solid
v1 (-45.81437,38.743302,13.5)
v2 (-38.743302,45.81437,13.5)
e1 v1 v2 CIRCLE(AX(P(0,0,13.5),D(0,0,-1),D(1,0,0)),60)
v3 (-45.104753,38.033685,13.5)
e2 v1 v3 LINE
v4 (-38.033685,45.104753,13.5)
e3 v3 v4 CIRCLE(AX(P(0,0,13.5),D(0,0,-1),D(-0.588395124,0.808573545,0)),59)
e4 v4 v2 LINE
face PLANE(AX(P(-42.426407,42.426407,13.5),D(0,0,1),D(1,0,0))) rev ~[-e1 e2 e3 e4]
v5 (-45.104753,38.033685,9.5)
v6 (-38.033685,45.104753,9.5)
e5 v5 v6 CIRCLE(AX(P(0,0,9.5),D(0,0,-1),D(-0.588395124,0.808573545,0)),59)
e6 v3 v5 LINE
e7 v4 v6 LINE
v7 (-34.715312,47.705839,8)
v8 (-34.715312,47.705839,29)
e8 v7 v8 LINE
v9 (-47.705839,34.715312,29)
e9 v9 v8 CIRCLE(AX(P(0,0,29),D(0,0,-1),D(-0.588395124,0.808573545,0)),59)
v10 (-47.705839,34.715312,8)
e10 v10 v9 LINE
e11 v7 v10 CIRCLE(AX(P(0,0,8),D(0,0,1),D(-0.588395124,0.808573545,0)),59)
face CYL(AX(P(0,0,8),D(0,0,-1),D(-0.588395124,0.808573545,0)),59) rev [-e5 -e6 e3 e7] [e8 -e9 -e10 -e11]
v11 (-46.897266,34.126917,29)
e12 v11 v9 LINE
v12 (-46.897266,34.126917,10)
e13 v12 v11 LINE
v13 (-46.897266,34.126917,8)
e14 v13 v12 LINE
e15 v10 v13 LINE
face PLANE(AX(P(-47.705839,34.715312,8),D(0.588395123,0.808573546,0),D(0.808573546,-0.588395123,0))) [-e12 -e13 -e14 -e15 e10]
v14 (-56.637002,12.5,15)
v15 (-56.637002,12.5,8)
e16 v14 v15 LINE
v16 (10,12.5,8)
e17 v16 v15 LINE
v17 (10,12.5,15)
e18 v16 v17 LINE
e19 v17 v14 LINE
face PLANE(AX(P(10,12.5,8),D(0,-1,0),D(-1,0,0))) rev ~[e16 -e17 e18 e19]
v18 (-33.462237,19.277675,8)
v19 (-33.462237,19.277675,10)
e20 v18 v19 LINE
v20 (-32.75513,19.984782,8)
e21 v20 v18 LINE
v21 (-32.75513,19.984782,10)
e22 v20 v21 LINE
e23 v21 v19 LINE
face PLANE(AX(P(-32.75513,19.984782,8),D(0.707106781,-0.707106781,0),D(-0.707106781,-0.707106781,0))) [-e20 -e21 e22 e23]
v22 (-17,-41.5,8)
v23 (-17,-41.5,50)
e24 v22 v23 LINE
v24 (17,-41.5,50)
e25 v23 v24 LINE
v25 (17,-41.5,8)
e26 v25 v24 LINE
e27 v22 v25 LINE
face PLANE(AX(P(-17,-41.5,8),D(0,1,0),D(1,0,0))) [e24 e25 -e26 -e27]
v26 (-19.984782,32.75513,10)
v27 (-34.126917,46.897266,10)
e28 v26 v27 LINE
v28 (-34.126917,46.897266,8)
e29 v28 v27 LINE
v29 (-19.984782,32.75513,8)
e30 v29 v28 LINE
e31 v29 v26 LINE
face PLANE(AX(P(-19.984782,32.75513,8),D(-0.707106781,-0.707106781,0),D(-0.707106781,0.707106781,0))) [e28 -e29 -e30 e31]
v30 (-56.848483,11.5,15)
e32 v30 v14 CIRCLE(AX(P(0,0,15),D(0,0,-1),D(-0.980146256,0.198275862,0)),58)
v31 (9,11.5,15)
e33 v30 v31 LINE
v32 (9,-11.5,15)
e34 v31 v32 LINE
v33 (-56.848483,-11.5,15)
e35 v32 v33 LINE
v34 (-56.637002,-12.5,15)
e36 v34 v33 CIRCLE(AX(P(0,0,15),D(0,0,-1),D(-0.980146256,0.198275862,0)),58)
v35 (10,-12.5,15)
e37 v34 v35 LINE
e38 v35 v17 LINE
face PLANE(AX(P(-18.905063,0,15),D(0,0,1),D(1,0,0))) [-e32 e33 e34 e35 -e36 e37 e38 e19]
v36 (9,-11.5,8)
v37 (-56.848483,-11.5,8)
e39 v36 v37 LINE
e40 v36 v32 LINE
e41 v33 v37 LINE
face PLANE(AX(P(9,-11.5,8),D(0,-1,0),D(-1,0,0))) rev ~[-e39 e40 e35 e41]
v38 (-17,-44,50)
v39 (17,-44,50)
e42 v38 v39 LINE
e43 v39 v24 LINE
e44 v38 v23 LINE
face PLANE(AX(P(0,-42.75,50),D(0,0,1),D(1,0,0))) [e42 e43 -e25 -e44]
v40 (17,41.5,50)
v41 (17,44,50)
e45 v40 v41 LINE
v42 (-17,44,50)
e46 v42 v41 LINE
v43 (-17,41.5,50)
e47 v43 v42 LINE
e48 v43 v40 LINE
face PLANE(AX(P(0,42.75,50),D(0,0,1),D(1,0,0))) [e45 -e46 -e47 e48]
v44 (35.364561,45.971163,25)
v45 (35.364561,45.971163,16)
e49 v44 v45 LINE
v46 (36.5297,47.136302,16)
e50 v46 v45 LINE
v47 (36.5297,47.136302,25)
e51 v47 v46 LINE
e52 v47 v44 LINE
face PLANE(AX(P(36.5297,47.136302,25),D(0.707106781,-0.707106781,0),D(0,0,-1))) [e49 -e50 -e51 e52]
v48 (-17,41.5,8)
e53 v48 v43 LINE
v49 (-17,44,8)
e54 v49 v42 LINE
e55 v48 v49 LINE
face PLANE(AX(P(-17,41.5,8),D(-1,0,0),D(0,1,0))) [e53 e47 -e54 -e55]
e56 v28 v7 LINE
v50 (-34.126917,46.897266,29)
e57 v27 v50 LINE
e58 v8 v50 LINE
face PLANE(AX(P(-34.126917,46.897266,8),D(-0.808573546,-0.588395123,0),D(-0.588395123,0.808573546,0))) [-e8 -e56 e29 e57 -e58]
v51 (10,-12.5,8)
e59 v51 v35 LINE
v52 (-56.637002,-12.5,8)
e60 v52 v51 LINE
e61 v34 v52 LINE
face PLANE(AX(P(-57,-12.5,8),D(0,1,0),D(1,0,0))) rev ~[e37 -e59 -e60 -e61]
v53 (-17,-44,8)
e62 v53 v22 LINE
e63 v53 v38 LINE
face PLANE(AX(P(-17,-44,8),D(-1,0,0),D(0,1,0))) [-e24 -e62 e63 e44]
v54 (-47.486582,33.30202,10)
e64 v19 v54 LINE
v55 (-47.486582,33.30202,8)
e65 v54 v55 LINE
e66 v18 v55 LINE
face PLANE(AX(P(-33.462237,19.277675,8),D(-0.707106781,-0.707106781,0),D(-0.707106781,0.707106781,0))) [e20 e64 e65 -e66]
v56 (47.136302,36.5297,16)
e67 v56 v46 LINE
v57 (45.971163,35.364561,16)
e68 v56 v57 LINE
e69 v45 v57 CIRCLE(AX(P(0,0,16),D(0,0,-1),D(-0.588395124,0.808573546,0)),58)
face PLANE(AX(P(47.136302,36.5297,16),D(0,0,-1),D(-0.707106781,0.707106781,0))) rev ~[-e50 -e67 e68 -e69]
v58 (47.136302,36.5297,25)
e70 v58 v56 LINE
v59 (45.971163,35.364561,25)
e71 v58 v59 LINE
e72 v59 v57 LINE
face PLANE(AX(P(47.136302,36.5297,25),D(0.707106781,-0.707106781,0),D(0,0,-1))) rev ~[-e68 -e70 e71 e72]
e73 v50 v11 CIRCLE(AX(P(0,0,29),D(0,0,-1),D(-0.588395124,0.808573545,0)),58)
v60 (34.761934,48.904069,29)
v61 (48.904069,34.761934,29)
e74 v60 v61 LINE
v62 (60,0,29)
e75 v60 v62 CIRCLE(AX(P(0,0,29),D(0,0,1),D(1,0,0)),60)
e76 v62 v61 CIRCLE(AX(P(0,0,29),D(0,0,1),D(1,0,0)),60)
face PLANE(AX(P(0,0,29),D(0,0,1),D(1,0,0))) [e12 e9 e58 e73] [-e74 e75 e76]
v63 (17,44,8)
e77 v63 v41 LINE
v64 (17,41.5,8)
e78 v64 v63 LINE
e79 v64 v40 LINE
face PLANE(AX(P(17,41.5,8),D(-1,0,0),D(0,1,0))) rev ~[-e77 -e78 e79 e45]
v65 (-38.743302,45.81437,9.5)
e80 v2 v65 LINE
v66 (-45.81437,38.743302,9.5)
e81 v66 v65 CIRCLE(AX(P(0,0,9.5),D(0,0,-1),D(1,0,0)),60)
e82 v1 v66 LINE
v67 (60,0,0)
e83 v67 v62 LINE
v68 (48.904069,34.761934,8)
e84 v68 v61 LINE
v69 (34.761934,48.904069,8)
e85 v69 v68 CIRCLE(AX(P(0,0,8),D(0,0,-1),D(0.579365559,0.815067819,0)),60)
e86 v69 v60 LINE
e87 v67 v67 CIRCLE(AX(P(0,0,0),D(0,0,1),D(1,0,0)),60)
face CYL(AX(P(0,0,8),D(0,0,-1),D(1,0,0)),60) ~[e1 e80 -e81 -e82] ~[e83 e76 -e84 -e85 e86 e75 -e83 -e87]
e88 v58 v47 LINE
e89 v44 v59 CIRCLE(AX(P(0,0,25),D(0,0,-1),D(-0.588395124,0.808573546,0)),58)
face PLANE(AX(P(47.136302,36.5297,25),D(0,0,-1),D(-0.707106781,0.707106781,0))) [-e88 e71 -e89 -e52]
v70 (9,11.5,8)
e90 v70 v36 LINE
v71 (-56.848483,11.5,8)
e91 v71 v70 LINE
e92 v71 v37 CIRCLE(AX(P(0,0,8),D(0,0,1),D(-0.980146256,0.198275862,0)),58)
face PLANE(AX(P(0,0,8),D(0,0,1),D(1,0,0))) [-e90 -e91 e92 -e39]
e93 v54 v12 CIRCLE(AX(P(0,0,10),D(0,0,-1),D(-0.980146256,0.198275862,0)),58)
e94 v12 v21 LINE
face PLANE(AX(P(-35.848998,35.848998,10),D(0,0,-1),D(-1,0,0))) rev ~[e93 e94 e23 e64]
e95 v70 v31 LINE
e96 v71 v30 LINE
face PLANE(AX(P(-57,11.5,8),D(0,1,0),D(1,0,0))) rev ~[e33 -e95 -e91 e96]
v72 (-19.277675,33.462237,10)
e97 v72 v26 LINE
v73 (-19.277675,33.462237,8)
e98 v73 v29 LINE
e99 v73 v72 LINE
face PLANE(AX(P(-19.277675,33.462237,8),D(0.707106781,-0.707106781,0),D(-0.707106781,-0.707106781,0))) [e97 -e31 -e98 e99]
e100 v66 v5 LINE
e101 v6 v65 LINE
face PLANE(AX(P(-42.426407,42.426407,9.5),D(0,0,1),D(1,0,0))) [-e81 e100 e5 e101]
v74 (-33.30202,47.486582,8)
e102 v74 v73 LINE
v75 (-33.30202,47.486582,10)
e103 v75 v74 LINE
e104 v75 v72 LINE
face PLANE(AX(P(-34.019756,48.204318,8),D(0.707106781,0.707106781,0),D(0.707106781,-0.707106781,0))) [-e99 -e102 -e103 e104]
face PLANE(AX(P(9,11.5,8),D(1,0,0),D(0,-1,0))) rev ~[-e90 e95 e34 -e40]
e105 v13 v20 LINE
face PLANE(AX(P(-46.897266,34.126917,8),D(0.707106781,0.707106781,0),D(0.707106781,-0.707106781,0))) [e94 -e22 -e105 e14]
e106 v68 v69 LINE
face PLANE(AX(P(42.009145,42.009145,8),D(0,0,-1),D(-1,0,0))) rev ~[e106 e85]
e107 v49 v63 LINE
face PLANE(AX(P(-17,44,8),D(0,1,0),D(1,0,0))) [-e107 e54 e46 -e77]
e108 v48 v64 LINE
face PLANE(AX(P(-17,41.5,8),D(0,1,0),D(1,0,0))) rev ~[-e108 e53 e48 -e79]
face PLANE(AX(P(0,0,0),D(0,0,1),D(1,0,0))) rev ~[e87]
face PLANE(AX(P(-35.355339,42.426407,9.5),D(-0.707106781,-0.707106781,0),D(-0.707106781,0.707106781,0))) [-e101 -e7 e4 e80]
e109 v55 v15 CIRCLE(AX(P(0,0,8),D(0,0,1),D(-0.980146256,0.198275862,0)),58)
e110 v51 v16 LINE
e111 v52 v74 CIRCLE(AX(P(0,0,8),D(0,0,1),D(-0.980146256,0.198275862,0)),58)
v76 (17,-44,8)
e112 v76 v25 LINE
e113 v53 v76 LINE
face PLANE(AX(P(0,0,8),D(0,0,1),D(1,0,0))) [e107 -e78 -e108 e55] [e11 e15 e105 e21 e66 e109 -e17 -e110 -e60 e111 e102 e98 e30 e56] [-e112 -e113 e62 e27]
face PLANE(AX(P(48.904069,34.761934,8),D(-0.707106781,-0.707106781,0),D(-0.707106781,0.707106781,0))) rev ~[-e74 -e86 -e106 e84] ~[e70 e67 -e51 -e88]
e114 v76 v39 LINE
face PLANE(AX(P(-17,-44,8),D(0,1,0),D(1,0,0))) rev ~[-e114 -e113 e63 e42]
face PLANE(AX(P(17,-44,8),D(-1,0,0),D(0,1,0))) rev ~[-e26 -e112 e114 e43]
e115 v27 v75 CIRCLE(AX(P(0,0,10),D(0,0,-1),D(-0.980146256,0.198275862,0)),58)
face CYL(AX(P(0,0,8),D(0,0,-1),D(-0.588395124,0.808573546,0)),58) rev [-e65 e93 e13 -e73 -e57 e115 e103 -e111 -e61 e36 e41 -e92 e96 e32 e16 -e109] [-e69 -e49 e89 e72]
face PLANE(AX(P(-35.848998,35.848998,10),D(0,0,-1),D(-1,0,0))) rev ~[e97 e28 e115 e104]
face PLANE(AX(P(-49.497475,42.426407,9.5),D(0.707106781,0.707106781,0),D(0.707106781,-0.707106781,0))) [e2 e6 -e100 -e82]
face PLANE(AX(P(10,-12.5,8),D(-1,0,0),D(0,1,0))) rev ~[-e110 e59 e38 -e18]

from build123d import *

# Parameters (mm, degrees)
CROQUIS1_R              = 60
SALIENTE_EXTRUIR1_DEPTH = 8
SALIENTE_EXTRUIR2_DEPTH = 7
CROQUIS3_R              = 60
CROQUIS3_R_2            = 58
SALIENTE_EXTRUIR3_DEPTH = 21
SALIENTE_EXTRUIR4_DEPTH = 2
CORTAR_EXTRUIR1_DEPTH   = 88.412813706
CORTAR_EXTRUIR2_START   = 1.5
CORTAR_EXTRUIR2_DEPTH   = 4
CORTAR_EXTRUIR3_DEPTH   = 88.412813706
CROQUIS9_W              = 9
CROQUIS9_H              = 15
CORTAR_EXTRUIR4_DEPTH   = 4
CROQUIS4_W              = 34
CROQUIS4_H              = 2.5
SALIENTE_EXTRUIR5_DEPTH = 42


with BuildPart() as part:
    # Croquis1 → Saliente-Extruir1 (new body)
    with BuildSketch(Plane.XY):
        Circle(CROQUIS1_R)
    extrude(amount=SALIENTE_EXTRUIR1_DEPTH)

    # Croquis2 → Saliente-Extruir2 (add)
    with BuildSketch(Plane.XY.offset(8)):
        Polygon((-56, 11.5), (9, 11.5), (9, -11.5), (-56, -11.5), (-57, -11.5), (-57, -12.5), (10, -12.5), (10, 12.5), (-57, 12.5), (-57, 11.5), align=None)
    extrude(amount=SALIENTE_EXTRUIR2_DEPTH)

    # Croquis3 → Saliente-Extruir3 (add)
    with BuildSketch(Plane.XY.offset(8)):
        Circle(CROQUIS3_R)
        with Locations(Location((0, 0, 0), (0, 0, 168.56384578))):
            Circle(CROQUIS3_R_2, mode=Mode.SUBTRACT)
    extrude(amount=SALIENTE_EXTRUIR3_DEPTH)

    # Croquis5 → Saliente-Extruir4 (add)
    with BuildSketch(Plane.XY.offset(8)):
        with BuildLine():
            Line((-19.984781547, 32.755130015), (-34.126917171, 46.897265639))
            ThreePointArc((-34.126917171, 46.897265639), (-41.012193309, 41.012193309), (-46.897265639, 34.126917171))
            Line((-46.897265639, 34.126917171), (-32.755130015, 19.984781547))
            Line((-32.755130015, 19.984781547), (-33.462236796, 19.277674766))
            Line((-33.462236796, 19.277674766), (-48.204317574, 34.019755543))
            ThreePointArc((-48.204317574, 34.019755543), (-41.71930009, 41.71930009), (-34.019755543, 48.204317574))
            Line((-34.019755543, 48.204317574), (-19.277674766, 33.462236796))
            Line((-19.277674766, 33.462236796), (-19.984781547, 32.755130015))
        make_face()
    extrude(amount=SALIENTE_EXTRUIR4_DEPTH)

    # Croquis6 → Cortar-Extruir1 (cut, through all)
    with BuildSketch(Plane.XY.offset(8)):
        with BuildLine():
            Line((-47.705839185, 34.715312294), (-46.897265639, 34.126917171))
            ThreePointArc((-46.897265639, 34.126917171), (-41.012193309, 41.012193309), (-34.126917171, 46.897265639))
            Line((-34.126917171, 46.897265639), (-34.715312294, 47.705839185))
            ThreePointArc((-34.715312294, 47.705839185), (-41.71930009, 41.71930009), (-47.705839185, 34.715312294))
        make_face()
    extrude(amount=CORTAR_EXTRUIR1_DEPTH, mode=Mode.SUBTRACT)

    # Croquis7 → Cortar-Extruir2 (cut)
    with BuildSketch(Plane.XY.offset(8).offset(CORTAR_EXTRUIR2_START)):
        Polygon((-35.355339059, 42.426406871), (-42.426406871, 49.497474683), (-49.497474683, 42.426406871), (-42.426406871, 35.355339059), align=None)
    extrude(amount=CORTAR_EXTRUIR2_DEPTH, mode=Mode.SUBTRACT)

    # Croquis8 → Cortar-Extruir3 (cut, through all)
    with BuildSketch(Plane.XY.offset(8)):
        with BuildLine():
            Line((48.904069139, 34.761933515), (34.761933515, 48.904069139))
            ThreePointArc((34.761933515, 48.904069139), (42.426406871, 42.426406871), (48.904069139, 34.761933515))
        make_face()
    extrude(amount=CORTAR_EXTRUIR3_DEPTH, mode=Mode.SUBTRACT)

    # Croquis9 → Cortar-Extruir4 (cut)
    with BuildSketch(Plane(origin=(41.833001327, 41.833001327, 0), x_dir=(0, 0, -1), z_dir=(0.7071067811865464, 0.7071067811865488, 0))):
        with Locations((-20.5, 0)):
            Rectangle(CROQUIS9_W, CROQUIS9_H)
    extrude(amount=-CORTAR_EXTRUIR4_DEPTH, mode=Mode.SUBTRACT)

    # Croquis4 → Saliente-Extruir5 (add)
    with BuildSketch(Plane.XY.offset(8)):
        with Locations((0, 42.75)):
            Rectangle(CROQUIS4_W, CROQUIS4_H)
        with Locations((0, -42.75)):
            Rectangle(CROQUIS4_W, CROQUIS4_H)
    extrude(amount=SALIENTE_EXTRUIR5_DEPTH)


solid = part.part
